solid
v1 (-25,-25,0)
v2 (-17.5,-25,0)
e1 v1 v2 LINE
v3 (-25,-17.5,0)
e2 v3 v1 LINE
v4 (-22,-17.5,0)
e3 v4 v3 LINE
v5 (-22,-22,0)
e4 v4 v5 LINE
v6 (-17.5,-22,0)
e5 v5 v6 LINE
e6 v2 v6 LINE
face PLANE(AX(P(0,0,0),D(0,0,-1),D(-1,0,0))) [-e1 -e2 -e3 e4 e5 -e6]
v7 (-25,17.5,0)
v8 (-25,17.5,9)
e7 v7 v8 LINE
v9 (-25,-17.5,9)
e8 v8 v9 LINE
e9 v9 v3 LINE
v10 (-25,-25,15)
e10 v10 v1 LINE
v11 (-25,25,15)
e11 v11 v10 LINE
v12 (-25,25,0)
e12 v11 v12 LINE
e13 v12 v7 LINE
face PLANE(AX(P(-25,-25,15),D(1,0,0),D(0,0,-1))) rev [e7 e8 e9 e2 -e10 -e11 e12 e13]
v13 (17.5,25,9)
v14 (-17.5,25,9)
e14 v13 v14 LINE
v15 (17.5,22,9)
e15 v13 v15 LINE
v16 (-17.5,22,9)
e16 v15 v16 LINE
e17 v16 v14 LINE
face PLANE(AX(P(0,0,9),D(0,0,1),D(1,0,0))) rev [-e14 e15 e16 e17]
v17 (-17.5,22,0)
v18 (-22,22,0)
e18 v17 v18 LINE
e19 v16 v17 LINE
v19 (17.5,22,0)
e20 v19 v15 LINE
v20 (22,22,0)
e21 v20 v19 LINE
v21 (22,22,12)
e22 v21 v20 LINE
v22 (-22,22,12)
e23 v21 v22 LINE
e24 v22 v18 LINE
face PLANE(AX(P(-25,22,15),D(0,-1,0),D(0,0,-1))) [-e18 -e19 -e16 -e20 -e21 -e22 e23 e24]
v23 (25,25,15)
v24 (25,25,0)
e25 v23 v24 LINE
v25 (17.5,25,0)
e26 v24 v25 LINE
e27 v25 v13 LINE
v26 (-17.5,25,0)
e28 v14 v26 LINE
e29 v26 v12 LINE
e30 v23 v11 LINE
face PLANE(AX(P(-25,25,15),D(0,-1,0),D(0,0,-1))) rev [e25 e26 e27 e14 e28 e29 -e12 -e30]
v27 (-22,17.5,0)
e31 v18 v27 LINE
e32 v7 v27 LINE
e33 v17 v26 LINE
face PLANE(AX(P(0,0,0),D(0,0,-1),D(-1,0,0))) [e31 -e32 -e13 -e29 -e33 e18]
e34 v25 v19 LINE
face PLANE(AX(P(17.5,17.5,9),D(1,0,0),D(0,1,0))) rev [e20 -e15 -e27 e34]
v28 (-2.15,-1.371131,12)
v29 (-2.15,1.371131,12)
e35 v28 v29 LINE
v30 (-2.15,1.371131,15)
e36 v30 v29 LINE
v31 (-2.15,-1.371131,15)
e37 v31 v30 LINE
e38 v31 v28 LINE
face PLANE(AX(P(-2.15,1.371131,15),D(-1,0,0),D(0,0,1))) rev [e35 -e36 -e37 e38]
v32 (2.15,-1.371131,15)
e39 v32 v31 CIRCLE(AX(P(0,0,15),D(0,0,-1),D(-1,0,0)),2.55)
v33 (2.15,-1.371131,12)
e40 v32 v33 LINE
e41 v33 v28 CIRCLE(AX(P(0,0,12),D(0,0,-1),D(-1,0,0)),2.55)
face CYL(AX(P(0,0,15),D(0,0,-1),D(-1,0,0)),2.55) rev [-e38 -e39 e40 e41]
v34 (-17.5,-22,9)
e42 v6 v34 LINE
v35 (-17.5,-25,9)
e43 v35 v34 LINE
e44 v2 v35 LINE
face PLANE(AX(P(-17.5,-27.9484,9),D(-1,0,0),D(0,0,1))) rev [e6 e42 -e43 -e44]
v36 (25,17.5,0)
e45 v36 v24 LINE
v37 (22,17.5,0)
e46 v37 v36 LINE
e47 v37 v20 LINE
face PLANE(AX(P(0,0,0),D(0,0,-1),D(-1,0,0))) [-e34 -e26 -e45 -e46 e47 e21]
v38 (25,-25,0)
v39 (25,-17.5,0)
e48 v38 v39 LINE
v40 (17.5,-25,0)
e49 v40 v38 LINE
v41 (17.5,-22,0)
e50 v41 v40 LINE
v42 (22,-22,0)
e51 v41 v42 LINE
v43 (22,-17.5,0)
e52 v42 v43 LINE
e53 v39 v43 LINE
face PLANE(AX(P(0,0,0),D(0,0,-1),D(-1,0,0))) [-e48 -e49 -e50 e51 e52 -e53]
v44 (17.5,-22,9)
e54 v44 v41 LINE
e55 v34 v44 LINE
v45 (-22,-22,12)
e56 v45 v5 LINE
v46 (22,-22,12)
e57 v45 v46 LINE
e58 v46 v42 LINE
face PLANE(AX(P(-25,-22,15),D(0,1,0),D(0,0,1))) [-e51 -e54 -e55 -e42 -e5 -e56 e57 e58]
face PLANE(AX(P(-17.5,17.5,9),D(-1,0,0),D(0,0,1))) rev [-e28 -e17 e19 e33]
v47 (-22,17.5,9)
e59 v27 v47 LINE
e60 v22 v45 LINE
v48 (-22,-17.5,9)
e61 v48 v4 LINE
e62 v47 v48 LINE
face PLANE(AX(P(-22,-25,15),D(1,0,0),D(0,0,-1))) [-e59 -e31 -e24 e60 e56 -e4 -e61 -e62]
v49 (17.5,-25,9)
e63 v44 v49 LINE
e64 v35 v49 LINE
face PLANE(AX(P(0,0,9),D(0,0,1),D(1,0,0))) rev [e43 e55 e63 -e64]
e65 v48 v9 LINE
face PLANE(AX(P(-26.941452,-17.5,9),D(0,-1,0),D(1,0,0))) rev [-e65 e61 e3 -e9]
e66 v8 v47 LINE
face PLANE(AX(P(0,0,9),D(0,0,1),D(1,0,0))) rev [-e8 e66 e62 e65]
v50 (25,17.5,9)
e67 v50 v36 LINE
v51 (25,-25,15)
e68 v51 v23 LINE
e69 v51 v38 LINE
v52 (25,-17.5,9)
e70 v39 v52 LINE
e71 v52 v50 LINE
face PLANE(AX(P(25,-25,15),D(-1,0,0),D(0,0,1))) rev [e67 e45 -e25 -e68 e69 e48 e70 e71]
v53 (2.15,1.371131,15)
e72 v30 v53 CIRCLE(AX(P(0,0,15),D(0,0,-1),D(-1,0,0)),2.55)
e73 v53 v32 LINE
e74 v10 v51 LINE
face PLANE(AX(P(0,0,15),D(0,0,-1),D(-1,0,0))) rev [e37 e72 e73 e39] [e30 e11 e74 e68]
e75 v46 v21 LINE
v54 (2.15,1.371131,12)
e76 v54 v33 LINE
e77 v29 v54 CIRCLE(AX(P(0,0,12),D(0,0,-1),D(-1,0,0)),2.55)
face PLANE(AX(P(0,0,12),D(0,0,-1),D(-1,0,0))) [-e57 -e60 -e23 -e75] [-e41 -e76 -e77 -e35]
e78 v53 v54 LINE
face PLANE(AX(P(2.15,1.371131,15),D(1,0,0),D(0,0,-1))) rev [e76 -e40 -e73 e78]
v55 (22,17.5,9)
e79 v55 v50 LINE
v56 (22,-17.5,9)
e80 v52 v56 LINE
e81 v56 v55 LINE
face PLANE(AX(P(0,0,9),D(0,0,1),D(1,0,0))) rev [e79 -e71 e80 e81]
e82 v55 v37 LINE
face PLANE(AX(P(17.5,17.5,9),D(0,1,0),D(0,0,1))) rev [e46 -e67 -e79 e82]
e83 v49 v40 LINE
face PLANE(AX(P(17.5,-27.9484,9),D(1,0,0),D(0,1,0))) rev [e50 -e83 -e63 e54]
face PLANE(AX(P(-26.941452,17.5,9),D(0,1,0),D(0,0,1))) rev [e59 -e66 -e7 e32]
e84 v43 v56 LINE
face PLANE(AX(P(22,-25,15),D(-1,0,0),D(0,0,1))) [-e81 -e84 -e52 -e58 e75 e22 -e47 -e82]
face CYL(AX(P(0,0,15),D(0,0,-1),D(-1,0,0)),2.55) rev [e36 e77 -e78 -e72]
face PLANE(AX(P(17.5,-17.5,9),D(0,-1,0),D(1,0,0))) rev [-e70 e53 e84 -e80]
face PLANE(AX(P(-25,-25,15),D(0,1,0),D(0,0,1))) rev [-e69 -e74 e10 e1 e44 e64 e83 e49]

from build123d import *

# Parameters (mm, degrees)
SKETCH1_W               = 50
SKETCH1_H               = 50
BOSS_EXTRUDE1_DEPTH     = 15
SHELL1_T                = -3
CUT_EXTRUDE1_DEPTH      = 1
CUT_EXTRUDE1_DEPTH_BACK = 16
CUT_EXTRUDE2_DEPTH      = 9


with BuildPart() as part:
    # Sketch1 → Boss-Extrude1 (new body)
    with BuildSketch(Plane.XY):
        Rectangle(SKETCH1_W, SKETCH1_H)
    extrude(amount=BOSS_EXTRUDE1_DEPTH)

    # Shell1
    shell1_openings = [part.faces().sort_by_distance(p)[0] for p in [
        (0, 0, 0),
    ]]
    offset(amount=SHELL1_T, openings=shell1_openings, kind=Kind.INTERSECTION)

    # Sketch2 → Cut-Extrude1 (cut, two sides)
    with BuildSketch(Plane(origin=(0, 0, 0), x_dir=(-1, 0, 0), z_dir=(0, 0, -1))) as cut_extrude1_sk:
        with BuildLine():
            Line((-2.15, 1.37113092), (-2.15, -1.37113092))
            ThreePointArc((-2.15, -1.37113092), (0, -2.55), (2.15, -1.37113092))
            Line((2.15, -1.37113092), (2.15, 1.37113092))
            ThreePointArc((2.15, 1.37113092), (0, 2.55), (-2.15, 1.37113092))
        make_face()
    extrude(amount=CUT_EXTRUDE1_DEPTH, mode=Mode.SUBTRACT)
    extrude(cut_extrude1_sk.sketch, amount=-CUT_EXTRUDE1_DEPTH_BACK, mode=Mode.SUBTRACT)

    # Sketch4 → Cut-Extrude2 (cut)
    with BuildSketch(Plane(origin=(0, 0, 0), x_dir=(-1, 0, 0), z_dir=(0, 0, -1))):
        Polygon((-17.5, 17.5), (-17.5, 27.948399717), (17.5, 27.948399717), (17.5, 17.5), (26.941451912, 17.5), (26.941451912, -17.5), (17.5, -17.5), (17.5, -27.948399717), (-17.5, -27.948399717), (-17.5, -17.5), (-26.941451912, -17.5), (-26.941451912, 17.5), align=None)
    extrude(amount=-CUT_EXTRUDE2_DEPTH, mode=Mode.SUBTRACT)


solid = part.part
